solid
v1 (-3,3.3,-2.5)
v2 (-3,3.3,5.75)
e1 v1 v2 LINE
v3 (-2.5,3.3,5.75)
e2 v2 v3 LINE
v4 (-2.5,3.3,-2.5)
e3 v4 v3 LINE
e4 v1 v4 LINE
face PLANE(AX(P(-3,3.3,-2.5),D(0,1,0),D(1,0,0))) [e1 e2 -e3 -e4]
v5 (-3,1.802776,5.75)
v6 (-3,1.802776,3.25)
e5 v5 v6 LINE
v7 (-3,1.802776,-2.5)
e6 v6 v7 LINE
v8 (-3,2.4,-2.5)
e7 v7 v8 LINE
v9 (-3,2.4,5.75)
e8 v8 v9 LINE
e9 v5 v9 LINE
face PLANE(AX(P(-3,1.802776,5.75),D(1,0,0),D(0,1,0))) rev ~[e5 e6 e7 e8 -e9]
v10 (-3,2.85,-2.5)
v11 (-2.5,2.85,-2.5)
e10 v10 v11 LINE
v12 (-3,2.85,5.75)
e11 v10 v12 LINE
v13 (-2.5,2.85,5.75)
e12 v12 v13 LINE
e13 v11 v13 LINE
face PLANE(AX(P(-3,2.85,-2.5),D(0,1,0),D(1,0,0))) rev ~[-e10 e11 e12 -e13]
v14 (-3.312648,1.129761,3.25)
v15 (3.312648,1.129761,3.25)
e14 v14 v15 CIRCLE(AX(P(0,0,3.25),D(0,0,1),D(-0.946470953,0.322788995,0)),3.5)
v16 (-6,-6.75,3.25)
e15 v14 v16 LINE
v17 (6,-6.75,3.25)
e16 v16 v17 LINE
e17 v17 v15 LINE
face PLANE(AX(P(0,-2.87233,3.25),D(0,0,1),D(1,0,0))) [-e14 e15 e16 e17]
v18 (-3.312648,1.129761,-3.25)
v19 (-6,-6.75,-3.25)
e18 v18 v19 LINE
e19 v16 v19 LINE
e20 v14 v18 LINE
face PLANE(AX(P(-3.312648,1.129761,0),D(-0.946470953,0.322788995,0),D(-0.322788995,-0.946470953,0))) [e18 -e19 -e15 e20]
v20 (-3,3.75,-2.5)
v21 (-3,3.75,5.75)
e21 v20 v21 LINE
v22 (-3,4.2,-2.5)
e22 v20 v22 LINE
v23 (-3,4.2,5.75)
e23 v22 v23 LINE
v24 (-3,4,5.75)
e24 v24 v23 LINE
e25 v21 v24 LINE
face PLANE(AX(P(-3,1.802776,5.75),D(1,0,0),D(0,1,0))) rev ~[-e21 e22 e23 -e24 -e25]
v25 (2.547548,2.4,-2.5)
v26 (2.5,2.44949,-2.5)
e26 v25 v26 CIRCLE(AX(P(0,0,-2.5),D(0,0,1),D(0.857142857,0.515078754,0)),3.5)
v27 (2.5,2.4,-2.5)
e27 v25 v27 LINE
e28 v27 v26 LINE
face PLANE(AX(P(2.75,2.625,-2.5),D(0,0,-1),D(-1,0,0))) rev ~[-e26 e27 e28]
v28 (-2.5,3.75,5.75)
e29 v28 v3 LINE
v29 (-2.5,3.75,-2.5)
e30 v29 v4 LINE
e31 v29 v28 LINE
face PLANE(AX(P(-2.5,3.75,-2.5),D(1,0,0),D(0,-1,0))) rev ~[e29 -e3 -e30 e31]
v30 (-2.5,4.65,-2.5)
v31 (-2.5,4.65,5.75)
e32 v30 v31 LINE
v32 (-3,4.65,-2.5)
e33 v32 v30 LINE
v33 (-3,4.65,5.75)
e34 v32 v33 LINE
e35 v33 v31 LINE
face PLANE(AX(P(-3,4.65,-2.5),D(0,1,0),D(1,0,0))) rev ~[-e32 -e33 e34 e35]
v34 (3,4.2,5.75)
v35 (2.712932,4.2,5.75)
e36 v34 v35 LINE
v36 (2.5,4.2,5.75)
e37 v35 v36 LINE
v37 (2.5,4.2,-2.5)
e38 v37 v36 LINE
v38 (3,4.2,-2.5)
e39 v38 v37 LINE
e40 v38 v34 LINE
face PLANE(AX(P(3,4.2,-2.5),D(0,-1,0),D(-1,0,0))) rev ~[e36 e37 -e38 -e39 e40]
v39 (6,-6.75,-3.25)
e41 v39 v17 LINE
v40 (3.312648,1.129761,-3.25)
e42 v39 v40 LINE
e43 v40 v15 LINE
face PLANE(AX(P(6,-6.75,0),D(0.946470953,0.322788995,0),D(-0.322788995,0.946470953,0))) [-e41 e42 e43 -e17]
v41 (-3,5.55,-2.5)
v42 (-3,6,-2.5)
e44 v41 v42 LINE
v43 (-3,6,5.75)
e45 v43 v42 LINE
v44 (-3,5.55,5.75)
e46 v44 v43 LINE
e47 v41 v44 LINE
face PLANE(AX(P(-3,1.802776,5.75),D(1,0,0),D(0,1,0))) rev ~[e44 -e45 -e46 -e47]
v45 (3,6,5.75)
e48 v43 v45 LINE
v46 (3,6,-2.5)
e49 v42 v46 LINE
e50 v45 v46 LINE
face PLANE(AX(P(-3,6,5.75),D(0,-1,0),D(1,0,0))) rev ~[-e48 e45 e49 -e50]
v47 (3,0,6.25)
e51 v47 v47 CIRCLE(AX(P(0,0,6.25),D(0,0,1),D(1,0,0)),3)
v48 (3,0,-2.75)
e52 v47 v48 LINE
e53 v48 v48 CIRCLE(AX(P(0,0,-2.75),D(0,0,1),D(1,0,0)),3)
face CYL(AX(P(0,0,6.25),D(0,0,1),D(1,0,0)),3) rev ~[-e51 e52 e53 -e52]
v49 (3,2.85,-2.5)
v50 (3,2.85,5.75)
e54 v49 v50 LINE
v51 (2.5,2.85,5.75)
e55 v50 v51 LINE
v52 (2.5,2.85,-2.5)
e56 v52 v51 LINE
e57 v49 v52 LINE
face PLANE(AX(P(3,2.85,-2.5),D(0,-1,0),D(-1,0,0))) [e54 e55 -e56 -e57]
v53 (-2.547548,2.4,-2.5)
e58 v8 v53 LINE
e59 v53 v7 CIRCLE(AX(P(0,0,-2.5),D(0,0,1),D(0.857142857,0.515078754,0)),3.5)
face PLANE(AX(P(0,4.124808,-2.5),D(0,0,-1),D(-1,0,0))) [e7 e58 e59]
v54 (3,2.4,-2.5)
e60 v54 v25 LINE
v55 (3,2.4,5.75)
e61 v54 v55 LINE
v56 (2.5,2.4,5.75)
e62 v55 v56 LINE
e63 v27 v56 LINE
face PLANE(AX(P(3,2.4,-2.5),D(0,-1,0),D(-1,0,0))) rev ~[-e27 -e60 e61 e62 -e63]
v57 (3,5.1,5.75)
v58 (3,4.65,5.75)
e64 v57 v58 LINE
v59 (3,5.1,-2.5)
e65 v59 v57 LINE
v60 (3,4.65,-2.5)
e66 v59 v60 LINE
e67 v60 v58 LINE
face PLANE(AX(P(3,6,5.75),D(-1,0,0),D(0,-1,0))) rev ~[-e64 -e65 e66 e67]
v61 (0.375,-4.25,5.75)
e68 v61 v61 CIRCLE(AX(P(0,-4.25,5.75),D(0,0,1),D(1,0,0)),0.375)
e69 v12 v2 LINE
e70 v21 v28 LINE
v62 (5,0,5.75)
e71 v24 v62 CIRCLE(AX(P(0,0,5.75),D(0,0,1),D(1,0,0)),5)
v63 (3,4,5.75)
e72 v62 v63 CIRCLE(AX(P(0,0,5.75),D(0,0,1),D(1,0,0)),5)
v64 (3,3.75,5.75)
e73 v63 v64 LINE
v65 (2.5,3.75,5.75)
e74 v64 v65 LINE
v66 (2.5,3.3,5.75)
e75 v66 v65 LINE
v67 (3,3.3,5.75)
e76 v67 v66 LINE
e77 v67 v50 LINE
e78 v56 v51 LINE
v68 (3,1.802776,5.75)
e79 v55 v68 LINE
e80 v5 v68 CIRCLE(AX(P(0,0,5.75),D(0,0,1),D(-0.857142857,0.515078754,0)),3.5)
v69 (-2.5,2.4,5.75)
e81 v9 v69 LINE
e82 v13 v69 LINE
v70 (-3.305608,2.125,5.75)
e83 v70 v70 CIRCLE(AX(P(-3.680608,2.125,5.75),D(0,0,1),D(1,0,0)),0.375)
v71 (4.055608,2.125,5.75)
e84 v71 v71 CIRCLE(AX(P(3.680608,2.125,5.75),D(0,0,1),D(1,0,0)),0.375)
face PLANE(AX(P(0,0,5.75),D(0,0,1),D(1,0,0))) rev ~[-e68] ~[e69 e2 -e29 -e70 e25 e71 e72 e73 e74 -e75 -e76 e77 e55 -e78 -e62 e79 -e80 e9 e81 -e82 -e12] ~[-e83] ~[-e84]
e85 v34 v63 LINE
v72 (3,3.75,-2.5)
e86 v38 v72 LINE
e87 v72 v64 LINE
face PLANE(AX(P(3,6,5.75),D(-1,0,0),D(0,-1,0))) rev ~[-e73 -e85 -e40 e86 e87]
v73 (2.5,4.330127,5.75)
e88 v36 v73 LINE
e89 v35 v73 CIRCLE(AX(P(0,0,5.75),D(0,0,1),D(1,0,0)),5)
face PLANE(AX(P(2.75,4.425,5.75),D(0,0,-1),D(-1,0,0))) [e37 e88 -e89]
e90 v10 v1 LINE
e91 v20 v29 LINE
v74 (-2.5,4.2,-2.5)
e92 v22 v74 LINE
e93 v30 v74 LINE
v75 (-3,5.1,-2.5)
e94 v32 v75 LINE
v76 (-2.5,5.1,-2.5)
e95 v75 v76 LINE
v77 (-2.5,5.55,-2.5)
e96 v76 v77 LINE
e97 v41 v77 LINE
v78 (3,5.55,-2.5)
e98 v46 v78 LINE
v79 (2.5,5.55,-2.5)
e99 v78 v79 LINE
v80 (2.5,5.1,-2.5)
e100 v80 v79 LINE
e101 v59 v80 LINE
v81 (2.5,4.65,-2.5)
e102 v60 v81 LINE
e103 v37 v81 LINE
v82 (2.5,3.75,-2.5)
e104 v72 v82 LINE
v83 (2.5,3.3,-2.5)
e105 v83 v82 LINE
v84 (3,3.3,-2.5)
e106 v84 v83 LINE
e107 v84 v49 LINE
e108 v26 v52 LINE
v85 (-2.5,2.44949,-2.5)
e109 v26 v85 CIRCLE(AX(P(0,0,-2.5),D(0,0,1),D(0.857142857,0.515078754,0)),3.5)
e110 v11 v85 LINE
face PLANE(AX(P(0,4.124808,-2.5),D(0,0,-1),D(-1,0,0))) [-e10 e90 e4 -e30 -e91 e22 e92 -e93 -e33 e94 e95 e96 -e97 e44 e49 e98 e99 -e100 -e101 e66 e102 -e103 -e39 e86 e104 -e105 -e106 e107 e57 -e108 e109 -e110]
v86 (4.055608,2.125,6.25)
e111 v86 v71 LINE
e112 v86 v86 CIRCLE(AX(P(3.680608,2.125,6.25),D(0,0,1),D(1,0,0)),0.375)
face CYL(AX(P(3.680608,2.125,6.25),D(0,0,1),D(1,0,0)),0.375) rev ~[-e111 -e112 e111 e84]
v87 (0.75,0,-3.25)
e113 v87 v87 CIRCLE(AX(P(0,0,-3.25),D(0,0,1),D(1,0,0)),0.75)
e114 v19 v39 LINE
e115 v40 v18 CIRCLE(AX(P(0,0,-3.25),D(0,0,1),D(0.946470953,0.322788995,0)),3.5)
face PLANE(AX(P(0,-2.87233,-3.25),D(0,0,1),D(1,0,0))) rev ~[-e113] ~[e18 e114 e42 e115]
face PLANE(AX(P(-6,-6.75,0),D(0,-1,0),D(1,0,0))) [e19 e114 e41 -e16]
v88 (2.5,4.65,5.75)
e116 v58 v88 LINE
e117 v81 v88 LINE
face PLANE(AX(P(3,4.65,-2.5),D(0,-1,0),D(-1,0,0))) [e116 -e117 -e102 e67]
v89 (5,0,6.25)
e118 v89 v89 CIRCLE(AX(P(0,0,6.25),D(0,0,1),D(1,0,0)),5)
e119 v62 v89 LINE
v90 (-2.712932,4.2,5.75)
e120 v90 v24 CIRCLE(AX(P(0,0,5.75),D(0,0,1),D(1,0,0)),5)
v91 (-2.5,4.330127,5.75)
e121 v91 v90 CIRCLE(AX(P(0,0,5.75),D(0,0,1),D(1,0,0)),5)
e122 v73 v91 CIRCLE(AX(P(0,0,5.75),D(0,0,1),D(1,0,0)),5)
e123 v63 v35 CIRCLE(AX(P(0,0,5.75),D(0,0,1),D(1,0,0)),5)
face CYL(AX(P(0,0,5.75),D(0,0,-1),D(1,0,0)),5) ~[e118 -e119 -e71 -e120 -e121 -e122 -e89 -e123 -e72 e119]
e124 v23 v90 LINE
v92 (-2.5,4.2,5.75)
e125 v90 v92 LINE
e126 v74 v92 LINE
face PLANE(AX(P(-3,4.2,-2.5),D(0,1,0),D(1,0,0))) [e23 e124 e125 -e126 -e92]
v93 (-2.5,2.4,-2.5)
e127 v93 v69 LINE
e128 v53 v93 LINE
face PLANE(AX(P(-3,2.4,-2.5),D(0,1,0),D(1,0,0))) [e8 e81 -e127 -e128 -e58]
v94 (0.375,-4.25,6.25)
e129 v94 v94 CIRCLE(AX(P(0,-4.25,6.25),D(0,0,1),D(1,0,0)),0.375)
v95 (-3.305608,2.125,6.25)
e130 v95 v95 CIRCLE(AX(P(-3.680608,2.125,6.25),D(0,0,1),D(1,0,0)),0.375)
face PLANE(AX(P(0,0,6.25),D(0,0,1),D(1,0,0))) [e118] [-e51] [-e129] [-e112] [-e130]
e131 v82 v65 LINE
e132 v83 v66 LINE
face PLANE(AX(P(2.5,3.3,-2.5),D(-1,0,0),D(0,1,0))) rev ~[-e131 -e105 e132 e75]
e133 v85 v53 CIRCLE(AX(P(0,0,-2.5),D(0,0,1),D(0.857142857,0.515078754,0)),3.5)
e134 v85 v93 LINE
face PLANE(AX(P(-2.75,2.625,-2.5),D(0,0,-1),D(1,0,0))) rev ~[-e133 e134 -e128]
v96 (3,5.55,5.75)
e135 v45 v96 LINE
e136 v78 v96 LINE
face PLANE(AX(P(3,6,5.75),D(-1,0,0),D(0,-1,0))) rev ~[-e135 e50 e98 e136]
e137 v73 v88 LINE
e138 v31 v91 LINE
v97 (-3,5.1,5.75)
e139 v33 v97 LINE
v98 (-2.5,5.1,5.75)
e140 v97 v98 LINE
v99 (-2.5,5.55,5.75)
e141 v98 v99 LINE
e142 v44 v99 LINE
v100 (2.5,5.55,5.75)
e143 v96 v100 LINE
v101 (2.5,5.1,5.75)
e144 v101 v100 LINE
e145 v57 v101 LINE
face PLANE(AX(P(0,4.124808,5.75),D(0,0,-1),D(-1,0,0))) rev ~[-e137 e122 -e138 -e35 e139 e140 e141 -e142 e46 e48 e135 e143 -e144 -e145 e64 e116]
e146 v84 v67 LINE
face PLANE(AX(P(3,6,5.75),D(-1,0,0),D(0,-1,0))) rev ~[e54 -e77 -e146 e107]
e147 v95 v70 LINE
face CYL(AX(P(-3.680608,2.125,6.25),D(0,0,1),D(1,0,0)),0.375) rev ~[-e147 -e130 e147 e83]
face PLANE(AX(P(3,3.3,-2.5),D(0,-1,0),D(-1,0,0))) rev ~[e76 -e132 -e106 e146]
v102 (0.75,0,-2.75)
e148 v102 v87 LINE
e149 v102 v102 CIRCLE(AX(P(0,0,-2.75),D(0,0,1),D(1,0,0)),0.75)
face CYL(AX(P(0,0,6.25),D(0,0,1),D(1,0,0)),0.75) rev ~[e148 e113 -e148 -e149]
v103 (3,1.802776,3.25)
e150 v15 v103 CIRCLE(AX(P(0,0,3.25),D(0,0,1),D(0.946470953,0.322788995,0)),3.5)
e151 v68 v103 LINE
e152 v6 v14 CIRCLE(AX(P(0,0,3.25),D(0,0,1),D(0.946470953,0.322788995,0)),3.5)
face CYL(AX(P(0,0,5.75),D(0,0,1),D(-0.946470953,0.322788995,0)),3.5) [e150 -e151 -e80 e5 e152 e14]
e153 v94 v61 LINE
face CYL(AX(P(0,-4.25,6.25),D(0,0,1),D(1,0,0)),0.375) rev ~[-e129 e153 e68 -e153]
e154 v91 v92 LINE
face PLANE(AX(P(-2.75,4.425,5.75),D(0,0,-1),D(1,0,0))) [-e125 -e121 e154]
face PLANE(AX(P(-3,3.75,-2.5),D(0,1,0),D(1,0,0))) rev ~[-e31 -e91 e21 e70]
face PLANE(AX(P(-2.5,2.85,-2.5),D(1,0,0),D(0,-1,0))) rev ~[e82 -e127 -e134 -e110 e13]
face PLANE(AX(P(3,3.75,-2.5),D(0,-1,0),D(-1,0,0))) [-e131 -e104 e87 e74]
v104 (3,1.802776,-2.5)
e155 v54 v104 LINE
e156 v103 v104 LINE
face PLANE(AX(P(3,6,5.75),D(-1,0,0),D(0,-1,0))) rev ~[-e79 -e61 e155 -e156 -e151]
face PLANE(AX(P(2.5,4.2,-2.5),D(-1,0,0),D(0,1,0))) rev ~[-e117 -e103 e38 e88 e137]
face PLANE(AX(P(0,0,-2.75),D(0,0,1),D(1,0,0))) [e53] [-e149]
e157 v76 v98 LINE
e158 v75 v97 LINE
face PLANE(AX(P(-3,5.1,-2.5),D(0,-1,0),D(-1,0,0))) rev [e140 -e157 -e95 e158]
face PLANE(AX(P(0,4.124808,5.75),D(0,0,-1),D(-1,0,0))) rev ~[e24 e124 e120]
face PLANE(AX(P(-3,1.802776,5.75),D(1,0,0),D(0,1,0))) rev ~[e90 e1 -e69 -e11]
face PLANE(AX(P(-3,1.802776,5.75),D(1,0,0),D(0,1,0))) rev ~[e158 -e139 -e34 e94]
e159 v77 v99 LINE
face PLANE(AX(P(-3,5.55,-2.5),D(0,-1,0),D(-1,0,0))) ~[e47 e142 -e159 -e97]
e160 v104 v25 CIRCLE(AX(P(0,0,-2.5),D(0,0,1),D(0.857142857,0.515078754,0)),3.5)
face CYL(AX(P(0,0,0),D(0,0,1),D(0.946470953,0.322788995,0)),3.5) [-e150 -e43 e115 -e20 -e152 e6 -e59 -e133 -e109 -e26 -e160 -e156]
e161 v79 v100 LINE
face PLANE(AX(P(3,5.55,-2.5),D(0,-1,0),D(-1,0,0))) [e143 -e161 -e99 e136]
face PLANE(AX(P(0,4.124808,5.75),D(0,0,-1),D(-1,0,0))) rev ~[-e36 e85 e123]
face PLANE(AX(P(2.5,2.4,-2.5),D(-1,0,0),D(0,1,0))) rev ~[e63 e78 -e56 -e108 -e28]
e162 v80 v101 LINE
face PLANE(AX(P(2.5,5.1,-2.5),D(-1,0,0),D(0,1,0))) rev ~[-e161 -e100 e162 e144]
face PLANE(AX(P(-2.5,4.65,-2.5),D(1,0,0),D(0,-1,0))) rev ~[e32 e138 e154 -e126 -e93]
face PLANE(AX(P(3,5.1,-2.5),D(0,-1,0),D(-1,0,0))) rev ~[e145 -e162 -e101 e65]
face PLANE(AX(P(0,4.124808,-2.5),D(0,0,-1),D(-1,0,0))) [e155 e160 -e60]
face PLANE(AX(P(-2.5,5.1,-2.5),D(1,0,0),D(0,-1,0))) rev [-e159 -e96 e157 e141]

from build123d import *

# Parameters (mm, degrees)
BOSS_EXTRUDE1_DEPTH     = 3.25
BOSS_EXTRUDE2_START     = 2.5
SKETCH2_R               = 3.5
BOSS_EXTRUDE2_DEPTH     = 2.5
SKETCH3_R               = 5
BOSS_EXTRUDE3_DEPTH     = 0.5
BOSS_EXTRUDE4_DEPTH     = 8.25
SKETCH6_W               = 0.5
SKETCH6_H               = 0.45
CUT_EXTRUDE1_DEPTH      = 8.25
LPATTERN1_COUNT         = 4
LPATTERN1_PITCH         = 0.9
MIRROR1_COPY_1_SKETCH_W = 0.5
MIRROR1_COPY_1_SKETCH_H = 0.45
MIRROR1_COPY_1_DEPTH    = 8.25
MIRROR1_COPY_2_SKETCH_W = 0.5
MIRROR1_COPY_2_SKETCH_H = 0.45
MIRROR1_COPY_2_DEPTH    = 8.25
MIRROR1_COPY_3_SKETCH_W = 0.5
MIRROR1_COPY_3_SKETCH_H = 0.45
MIRROR1_COPY_3_DEPTH    = 8.25
MIRROR1_COPY_4_SKETCH_W = 0.5
MIRROR1_COPY_4_SKETCH_H = 0.45
MIRROR1_COPY_4_DEPTH    = 8.25
SKETCH7_R               = 3
CUT_EXTRUDE2_DEPTH      = 9
SKETCH7_4_R             = 0.75
CUT_EXTRUDE3_DEPTH      = 14.107726729
CUT_EXTRUDE4_REACH      = 15.108
SKETCH7_5_R             = 0.375


with BuildPart() as part:
    # Sketch1 → Boss-Extrude1 (new, symmetric)
    with BuildSketch(Plane.XY):
        with BuildLine():
            Line((-6, -6.75), (6, -6.75))
            Line((6, -6.75), (3.312648335, 1.129761483))
            ThreePointArc((3.312648335, 1.129761483), (0, 3.5), (-3.312648335, 1.129761483))
            Line((-3.312648335, 1.129761483), (-6, -6.75))
        make_face()
    extrude(amount=BOSS_EXTRUDE1_DEPTH, both=True)

    # Sketch2 → Boss-Extrude2 (add)
    with BuildSketch(Plane.XY.offset(3.25).offset(BOSS_EXTRUDE2_START)):
        Circle(SKETCH2_R)
    extrude(amount=-BOSS_EXTRUDE2_DEPTH)

    # Sketch3 → Boss-Extrude3 (add)
    with BuildSketch(Plane.XY.offset(5.75)):
        Circle(SKETCH3_R)
    extrude(amount=BOSS_EXTRUDE3_DEPTH)

    # Sketch5 → Boss-Extrude4 (add)
    with BuildSketch(Plane(origin=(0, 0, 5.75), x_dir=(-1, 0, 0), z_dir=(0, 0, -1))):
        with BuildLine():
            ThreePointArc((-3, 1.802775638), (0, 3.5), (3, 1.802775638))
            Line((3, 1.802775638), (3, 6))
            Line((3, 6), (-3, 6))
            Line((-3, 6), (-3, 1.802775638))
        make_face()
    extrude(amount=BOSS_EXTRUDE4_DEPTH)

    # Sketch6 → Cut-Extrude1 (cut)
    with BuildSketch(Plane(origin=(0, 0, -2.5), x_dir=(-1, 0, 0), z_dir=(0, 0, -1))):
        with Locations((-2.75, 5.325)):
            Rectangle(SKETCH6_W, SKETCH6_H)
    cut_extrude1 = extrude(amount=-CUT_EXTRUDE1_DEPTH, mode=Mode.SUBTRACT)

    # LPattern1: Cut-Extrude1 ×4
    with Locations(*[(0, -i * LPATTERN1_PITCH, 0) for i in range(1, LPATTERN1_COUNT)]):
        add(cut_extrude1, mode=Mode.SUBTRACT)

    # Mirror1 copy 1 sketch → Mirror1 copy 1 (cut)
    with BuildSketch(Plane(origin=(0, -0.9, -2.5), x_dir=(1, 0, 0), z_dir=(0, 0, -1))):
        with Locations((-2.75, -5.325)):
            Rectangle(MIRROR1_COPY_1_SKETCH_W, MIRROR1_COPY_1_SKETCH_H)
    extrude(amount=-MIRROR1_COPY_1_DEPTH, mode=Mode.SUBTRACT)

    # Mirror1 copy 2 sketch → Mirror1 copy 2 (cut)
    with BuildSketch(Plane(origin=(0, -1.8, -2.5), x_dir=(1, 0, 0), z_dir=(0, 0, -1))):
        with Locations((-2.75, -5.325)):
            Rectangle(MIRROR1_COPY_2_SKETCH_W, MIRROR1_COPY_2_SKETCH_H)
    extrude(amount=-MIRROR1_COPY_2_DEPTH, mode=Mode.SUBTRACT)

    # Mirror1 copy 3 sketch → Mirror1 copy 3 (cut)
    with BuildSketch(Plane(origin=(0, -2.7, -2.5), x_dir=(1, 0, 0), z_dir=(0, 0, -1))):
        with Locations((-2.75, -5.325)):
            Rectangle(MIRROR1_COPY_3_SKETCH_W, MIRROR1_COPY_3_SKETCH_H)
    extrude(amount=-MIRROR1_COPY_3_DEPTH, mode=Mode.SUBTRACT)

    # Mirror1 copy 4 sketch → Mirror1 copy 4 (cut)
    with BuildSketch(Plane(origin=(0, 0, -2.5), x_dir=(1, 0, 0), z_dir=(0, 0, -1))):
        with Locations((-2.75, -5.325)):
            Rectangle(MIRROR1_COPY_4_SKETCH_W, MIRROR1_COPY_4_SKETCH_H)
    extrude(amount=-MIRROR1_COPY_4_DEPTH, mode=Mode.SUBTRACT)

    # Sketch7 → Cut-Extrude2 (cut)
    with BuildSketch(Plane.XY.offset(6.25)):
        Circle(SKETCH7_R)
    extrude(amount=-CUT_EXTRUDE2_DEPTH, mode=Mode.SUBTRACT)

    # Sketch7<4> → Cut-Extrude3 (cut, through all)
    with BuildSketch(Plane.XY.offset(6.25)):
        Circle(SKETCH7_4_R)
    extrude(amount=-CUT_EXTRUDE3_DEPTH, mode=Mode.SUBTRACT)

    # Sketch7<5> → Cut-Extrude4 (cut, up to next)
    with BuildSketch(Plane.XY.offset(6.25), mode=Mode.PRIVATE) as cut_extrude4_sk1:
        with Locations((0, -4.25)):
            Circle(SKETCH7_5_R)
    cut_extrude4_tool1 = extrude(cut_extrude4_sk1.sketch, amount=-CUT_EXTRUDE4_REACH, mode=Mode.PRIVATE) & part.part
    # Sketch7<5> → Cut-Extrude4 (cut, up to next)
    with BuildSketch(Plane.XY.offset(6.25), mode=Mode.PRIVATE) as cut_extrude4_sk2:
        with Locations((-3.680607966, 2.125)):
            Circle(SKETCH7_5_R)
    cut_extrude4_tool2 = extrude(cut_extrude4_sk2.sketch, amount=-CUT_EXTRUDE4_REACH, mode=Mode.PRIVATE) & part.part
    # Sketch7<5> → Cut-Extrude4 (cut, up to next)
    with BuildSketch(Plane.XY.offset(6.25), mode=Mode.PRIVATE) as cut_extrude4_sk3:
        with Locations((3.680607966, 2.125)):
            Circle(SKETCH7_5_R)
    cut_extrude4_tool3 = extrude(cut_extrude4_sk3.sketch, amount=-CUT_EXTRUDE4_REACH, mode=Mode.PRIVATE) & part.part
    add(cut_extrude4_tool1.solids().sort_by_distance((0, -4.25, 6.25))[0], mode=Mode.SUBTRACT)
    add(cut_extrude4_tool2.solids().sort_by_distance((-3.680608, 2.125, 6.25))[0], mode=Mode.SUBTRACT)
    add(cut_extrude4_tool3.solids().sort_by_distance((3.680608, 2.125, 6.25))[0], mode=Mode.SUBTRACT)


solid = part.part
